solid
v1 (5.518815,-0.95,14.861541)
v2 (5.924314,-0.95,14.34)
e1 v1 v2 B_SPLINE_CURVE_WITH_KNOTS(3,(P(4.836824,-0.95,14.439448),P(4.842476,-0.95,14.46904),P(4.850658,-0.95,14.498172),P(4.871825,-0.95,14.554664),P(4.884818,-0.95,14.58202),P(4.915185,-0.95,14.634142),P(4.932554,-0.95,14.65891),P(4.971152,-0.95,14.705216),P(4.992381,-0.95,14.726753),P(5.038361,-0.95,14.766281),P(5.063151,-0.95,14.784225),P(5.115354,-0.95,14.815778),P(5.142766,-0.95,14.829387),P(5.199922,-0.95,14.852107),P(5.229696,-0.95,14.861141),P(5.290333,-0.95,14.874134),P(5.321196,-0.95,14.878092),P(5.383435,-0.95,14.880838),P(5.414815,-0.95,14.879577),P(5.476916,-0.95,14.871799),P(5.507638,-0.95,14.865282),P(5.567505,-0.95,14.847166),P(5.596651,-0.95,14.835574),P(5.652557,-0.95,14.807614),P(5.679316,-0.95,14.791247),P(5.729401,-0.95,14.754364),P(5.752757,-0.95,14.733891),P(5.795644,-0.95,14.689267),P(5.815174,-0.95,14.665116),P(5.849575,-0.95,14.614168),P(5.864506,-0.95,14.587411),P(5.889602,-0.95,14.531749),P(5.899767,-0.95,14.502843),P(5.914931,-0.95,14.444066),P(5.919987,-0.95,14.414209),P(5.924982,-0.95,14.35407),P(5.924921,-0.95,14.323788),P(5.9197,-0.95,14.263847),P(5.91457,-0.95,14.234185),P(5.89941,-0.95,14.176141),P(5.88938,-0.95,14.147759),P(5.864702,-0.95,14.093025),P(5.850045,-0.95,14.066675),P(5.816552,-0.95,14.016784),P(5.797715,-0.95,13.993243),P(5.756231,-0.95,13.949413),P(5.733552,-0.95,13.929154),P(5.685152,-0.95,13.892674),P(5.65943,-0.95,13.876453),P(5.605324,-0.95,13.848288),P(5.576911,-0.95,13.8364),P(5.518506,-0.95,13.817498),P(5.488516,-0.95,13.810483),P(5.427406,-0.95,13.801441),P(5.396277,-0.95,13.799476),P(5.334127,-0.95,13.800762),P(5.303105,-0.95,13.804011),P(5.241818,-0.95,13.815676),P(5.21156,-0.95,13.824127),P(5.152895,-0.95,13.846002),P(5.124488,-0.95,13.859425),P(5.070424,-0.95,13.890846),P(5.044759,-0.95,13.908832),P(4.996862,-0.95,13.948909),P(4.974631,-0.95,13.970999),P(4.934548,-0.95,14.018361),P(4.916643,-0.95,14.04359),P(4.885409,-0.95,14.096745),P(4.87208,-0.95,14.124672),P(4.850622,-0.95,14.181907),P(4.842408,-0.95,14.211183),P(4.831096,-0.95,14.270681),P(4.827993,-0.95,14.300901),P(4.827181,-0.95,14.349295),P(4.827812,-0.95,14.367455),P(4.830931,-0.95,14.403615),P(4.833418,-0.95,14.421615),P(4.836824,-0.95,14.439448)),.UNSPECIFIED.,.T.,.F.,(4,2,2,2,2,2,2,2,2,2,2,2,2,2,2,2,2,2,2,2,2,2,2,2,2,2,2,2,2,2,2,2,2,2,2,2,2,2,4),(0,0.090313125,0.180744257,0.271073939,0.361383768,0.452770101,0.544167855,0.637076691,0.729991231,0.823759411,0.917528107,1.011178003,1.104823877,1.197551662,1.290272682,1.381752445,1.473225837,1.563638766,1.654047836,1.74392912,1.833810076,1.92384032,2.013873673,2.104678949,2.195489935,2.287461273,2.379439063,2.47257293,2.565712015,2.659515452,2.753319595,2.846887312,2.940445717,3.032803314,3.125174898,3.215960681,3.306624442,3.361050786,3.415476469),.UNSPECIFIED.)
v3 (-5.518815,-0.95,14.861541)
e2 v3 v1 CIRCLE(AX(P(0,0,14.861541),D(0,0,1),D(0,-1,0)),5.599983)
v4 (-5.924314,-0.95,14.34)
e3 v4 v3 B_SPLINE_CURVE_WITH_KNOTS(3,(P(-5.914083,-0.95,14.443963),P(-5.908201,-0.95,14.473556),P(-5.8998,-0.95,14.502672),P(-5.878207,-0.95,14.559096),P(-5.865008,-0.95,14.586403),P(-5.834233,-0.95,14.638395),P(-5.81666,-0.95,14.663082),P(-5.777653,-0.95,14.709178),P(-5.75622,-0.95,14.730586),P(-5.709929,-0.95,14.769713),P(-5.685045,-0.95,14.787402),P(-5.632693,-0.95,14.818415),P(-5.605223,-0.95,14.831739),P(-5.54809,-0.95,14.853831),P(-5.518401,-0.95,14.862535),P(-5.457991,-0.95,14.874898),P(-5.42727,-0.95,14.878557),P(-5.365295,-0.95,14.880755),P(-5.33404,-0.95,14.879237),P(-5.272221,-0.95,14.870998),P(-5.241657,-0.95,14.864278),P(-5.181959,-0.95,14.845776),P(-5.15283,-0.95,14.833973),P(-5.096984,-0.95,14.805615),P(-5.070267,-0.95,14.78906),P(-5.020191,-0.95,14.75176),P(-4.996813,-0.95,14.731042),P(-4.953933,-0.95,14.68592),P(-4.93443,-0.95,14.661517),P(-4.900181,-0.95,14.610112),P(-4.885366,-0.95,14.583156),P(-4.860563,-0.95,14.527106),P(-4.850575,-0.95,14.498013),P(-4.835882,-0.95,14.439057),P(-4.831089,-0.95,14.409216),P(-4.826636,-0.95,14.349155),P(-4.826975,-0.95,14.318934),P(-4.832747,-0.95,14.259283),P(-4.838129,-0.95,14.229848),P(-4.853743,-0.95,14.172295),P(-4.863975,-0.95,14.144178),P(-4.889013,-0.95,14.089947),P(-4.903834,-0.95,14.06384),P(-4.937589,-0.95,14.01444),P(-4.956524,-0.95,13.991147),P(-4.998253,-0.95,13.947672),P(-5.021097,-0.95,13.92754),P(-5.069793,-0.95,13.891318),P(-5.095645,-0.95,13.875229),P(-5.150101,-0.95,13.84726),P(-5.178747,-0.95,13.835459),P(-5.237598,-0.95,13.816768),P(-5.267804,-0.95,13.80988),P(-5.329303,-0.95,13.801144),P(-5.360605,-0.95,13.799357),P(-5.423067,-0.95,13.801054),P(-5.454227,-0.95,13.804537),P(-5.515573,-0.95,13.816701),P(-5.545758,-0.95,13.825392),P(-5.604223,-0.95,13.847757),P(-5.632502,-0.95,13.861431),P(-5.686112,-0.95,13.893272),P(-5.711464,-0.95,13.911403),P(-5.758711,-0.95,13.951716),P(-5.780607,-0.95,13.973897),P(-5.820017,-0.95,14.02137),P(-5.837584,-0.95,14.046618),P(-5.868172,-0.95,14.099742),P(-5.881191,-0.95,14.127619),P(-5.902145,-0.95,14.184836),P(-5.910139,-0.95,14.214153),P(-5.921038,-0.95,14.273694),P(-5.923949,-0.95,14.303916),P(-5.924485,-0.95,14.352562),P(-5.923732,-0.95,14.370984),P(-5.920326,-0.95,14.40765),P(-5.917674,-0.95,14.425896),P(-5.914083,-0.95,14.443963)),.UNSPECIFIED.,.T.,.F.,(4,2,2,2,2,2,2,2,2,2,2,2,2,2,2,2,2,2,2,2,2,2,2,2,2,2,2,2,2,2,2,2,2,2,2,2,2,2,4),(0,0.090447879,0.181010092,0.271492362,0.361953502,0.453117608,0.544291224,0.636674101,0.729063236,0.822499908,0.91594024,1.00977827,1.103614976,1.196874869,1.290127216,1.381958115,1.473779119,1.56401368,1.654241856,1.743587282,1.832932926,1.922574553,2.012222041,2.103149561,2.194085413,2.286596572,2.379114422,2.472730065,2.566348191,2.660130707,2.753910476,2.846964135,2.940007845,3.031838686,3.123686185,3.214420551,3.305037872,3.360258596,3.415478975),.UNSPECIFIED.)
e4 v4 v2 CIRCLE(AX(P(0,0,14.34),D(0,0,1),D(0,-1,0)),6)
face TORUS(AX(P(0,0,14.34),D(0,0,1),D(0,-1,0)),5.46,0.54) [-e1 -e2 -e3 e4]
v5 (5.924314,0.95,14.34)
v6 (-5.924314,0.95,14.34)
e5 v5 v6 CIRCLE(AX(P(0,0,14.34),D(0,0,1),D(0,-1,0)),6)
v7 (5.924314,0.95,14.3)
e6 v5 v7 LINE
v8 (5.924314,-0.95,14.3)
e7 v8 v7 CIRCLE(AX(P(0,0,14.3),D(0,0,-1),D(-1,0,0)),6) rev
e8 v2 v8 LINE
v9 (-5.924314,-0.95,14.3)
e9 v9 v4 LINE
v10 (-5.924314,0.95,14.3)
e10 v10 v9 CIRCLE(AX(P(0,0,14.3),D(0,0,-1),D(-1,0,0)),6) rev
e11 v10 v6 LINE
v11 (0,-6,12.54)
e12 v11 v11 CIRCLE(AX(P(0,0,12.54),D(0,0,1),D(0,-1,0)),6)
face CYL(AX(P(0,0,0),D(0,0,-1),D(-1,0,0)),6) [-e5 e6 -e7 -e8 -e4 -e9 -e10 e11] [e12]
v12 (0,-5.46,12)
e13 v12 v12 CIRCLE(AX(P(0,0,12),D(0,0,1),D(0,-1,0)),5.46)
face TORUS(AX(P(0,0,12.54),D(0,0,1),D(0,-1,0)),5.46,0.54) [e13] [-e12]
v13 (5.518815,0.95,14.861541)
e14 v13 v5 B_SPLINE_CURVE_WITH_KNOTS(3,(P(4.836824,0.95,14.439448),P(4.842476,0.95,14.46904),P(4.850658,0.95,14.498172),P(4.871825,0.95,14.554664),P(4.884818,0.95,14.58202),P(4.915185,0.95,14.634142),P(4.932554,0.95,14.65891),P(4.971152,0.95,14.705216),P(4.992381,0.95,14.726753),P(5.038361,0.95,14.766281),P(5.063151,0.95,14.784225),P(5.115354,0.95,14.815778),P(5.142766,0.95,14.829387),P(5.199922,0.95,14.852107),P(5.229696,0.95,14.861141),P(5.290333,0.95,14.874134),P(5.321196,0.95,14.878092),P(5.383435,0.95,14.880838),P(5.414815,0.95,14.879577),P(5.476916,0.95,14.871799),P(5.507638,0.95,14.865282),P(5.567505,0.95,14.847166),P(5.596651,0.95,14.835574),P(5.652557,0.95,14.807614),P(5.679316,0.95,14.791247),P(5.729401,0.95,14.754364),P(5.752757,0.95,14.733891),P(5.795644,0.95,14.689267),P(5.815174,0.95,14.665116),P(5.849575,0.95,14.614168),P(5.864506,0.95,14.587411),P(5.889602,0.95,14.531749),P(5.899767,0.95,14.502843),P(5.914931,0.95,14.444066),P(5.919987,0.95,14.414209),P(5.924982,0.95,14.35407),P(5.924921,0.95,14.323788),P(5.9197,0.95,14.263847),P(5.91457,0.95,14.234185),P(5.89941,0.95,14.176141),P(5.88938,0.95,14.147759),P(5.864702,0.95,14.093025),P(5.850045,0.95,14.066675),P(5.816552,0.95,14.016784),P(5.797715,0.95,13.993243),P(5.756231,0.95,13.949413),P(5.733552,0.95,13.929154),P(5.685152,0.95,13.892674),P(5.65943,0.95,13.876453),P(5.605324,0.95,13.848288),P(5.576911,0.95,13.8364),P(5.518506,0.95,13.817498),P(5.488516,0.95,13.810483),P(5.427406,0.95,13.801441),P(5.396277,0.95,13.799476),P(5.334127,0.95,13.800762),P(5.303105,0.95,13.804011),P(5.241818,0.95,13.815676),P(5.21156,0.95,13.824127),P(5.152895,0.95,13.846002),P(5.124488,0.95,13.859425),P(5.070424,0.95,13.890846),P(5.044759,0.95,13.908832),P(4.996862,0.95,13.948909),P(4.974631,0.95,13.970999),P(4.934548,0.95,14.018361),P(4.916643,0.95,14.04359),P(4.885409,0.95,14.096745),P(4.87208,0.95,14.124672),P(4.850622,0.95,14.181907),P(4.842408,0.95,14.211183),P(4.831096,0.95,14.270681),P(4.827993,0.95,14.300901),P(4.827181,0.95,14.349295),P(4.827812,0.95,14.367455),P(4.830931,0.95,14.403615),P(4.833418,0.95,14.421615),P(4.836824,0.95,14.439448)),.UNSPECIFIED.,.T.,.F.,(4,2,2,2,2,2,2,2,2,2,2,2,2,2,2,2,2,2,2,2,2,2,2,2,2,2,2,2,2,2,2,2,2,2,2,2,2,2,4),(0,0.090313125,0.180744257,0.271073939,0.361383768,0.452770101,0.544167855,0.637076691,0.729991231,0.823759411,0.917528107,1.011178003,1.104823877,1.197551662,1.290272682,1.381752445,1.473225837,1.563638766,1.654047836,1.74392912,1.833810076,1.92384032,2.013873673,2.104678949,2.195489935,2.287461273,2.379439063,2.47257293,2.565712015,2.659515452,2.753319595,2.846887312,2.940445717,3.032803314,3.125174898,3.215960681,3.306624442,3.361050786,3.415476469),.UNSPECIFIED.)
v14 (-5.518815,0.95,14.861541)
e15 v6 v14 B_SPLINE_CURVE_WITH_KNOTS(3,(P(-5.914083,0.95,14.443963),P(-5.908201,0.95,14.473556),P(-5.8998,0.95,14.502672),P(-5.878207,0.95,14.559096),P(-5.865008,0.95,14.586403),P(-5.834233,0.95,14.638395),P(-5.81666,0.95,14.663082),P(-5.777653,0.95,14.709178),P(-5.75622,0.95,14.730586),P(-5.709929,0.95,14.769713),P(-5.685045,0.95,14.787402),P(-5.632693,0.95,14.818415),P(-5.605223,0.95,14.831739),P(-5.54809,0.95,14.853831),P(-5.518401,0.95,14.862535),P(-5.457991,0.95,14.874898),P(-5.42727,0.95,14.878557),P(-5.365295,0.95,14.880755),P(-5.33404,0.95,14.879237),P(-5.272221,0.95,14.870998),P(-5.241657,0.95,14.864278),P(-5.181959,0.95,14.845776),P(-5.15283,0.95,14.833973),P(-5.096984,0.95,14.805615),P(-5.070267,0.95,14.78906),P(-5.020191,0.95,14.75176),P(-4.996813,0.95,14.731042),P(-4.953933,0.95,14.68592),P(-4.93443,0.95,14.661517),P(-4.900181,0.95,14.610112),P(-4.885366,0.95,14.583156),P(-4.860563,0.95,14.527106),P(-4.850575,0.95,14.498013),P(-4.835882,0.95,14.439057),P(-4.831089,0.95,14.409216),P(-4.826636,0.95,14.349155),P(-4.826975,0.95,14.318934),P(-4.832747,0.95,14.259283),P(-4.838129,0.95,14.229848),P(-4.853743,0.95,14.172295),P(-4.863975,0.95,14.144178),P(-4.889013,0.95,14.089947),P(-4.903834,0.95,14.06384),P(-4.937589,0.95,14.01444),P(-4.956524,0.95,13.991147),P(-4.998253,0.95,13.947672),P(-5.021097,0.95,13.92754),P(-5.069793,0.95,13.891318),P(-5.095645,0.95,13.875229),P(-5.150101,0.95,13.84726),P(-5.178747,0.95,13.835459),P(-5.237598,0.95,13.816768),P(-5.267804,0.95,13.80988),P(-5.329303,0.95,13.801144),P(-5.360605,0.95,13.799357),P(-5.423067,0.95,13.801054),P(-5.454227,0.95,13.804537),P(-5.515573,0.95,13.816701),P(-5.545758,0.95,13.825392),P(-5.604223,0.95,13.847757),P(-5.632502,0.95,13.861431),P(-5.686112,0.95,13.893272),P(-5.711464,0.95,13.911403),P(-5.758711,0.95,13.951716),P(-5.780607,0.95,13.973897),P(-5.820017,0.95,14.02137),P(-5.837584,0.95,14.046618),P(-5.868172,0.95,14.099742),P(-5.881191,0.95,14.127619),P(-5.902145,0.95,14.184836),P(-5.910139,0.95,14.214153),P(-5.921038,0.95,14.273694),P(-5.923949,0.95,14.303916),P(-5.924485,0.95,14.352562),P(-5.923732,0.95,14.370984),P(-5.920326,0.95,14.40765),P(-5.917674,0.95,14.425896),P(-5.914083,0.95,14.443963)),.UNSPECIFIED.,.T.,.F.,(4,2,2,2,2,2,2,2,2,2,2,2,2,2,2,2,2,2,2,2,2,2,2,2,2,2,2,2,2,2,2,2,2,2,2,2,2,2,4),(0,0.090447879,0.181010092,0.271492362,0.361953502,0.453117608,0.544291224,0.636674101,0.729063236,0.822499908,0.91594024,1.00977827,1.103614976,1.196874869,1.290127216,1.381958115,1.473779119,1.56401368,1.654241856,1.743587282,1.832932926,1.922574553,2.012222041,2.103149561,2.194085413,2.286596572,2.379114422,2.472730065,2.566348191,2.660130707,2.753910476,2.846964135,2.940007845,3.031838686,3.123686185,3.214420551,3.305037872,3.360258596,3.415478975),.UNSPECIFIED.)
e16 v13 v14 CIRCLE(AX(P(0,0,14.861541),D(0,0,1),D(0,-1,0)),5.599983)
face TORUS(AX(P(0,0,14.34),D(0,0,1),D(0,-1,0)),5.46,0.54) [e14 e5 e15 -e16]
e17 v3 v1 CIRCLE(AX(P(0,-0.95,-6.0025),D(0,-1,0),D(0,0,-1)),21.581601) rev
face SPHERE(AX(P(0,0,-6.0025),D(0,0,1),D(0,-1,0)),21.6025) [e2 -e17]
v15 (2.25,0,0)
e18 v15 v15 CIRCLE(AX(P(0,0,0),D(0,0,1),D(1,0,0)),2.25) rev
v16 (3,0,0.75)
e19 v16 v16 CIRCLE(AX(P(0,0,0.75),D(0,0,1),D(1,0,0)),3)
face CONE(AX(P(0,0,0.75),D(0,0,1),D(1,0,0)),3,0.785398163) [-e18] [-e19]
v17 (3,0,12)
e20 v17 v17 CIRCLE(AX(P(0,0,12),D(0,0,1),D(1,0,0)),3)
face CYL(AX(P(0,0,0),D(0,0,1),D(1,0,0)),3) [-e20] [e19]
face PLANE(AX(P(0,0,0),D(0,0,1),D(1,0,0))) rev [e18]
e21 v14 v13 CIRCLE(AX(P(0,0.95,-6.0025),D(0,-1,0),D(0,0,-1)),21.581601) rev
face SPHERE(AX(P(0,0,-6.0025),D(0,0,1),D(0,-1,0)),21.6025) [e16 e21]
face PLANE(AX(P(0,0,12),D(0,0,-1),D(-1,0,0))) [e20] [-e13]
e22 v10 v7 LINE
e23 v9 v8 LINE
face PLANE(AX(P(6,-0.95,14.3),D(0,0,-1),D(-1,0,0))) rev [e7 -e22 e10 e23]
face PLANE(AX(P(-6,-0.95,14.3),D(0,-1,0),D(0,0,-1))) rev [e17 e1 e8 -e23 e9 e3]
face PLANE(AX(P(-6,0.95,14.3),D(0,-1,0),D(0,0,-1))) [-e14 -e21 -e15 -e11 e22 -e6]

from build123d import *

# Parameters (mm, degrees)
SKETCH3_W               = 12
SKETCH3_H               = 3
CHAMFER1_SIZE           = 0.75
SKETCH8_W               = 3.6
SKETCH8_H               = 6
CUT_EXTRUDE_THIN2_START = 14.3
SKETCH12_W              = 12
SKETCH12_H              = 1.9
CUT_EXTRUDE_THIN2_DEPTH = 1.3


with BuildPart() as part:
    # Sketch3 → Revolve1 (revolve)
    with BuildSketch(Plane(origin=(0, 0, 0), x_dir=(0, 0, -1), z_dir=(1, 0, 0)), mode=Mode.PRIVATE) as revolve1_sk:
        with Locations((-6, 1.5)):
            Rectangle(SKETCH3_W, SKETCH3_H)
    revolve(revolve1_sk.sketch.rotate(Axis((0, 0, 0), (0, 0, -1)), 90), axis=Axis((0, 0, 0), (0, 0, -1)))

    # Chamfer1
    chamfer1_edges = [part.edges().sort_by_distance(p)[0] for p in [
        (-3, 0, 0),
    ]]
    chamfer(chamfer1_edges, length=CHAMFER1_SIZE)

    # Sketch8 → Revolve2 (revolve)
    with BuildSketch(Plane(origin=(0, 0, 0), x_dir=(0, 0, -1), z_dir=(1, 0, 0)), mode=Mode.PRIVATE) as revolve2_sk:
        with Locations((-13.8, 3)):
            Rectangle(SKETCH8_W, SKETCH8_H)
    revolve(revolve2_sk.sketch.rotate(Axis((0, 0, 0), (0, 0, 1)), 90), axis=Axis((0, 0, 0), (0, 0, 1)))

    # Sketch11 → Cut-Revolve3 (revolve, cut)
    with BuildSketch(Plane(origin=(0, 0, 0), x_dir=(0, 0, -1), z_dir=(1, 0, 0)), mode=Mode.PRIVATE) as cut_revolve3_sk:
        with BuildLine():
            Line((-14.34, 6), (-12.54, 6))
            ThreePointArc((-12.54, 6), (-12.158162338, 5.841837662), (-12, 5.46))
            Line((-12, 5.46), (-11.365, 5.46))
            Line((-11.365, 5.46), (-11.365, 6.635))
            Line((-11.365, 6.635), (-16.235, 6.635))
            Line((-16.235, 6.635), (-16.235, 0))
            Line((-16.235, 0), (-15.6, 0))
            ThreePointArc((-15.6, 0), (-15.41458949, 2.824231581), (-14.861540653, 5.599983383))
            ThreePointArc((-14.861540653, 5.599983383), (-14.668640361, 5.88848047), (-14.34, 6))
        make_face()
    revolve(cut_revolve3_sk.sketch.rotate(Axis((0, 0, 15.6), (0, 0, -1)), 180), axis=Axis((0, 0, 15.6), (0, 0, -1)), mode=Mode.SUBTRACT)

    # Sketch12 → Cut-Extrude-Thin2 (cut)
    with BuildSketch(Plane.XY.offset(CUT_EXTRUDE_THIN2_START)):
        Rectangle(SKETCH12_W, SKETCH12_H)
    extrude(amount=CUT_EXTRUDE_THIN2_DEPTH, mode=Mode.SUBTRACT)


solid = part.part
